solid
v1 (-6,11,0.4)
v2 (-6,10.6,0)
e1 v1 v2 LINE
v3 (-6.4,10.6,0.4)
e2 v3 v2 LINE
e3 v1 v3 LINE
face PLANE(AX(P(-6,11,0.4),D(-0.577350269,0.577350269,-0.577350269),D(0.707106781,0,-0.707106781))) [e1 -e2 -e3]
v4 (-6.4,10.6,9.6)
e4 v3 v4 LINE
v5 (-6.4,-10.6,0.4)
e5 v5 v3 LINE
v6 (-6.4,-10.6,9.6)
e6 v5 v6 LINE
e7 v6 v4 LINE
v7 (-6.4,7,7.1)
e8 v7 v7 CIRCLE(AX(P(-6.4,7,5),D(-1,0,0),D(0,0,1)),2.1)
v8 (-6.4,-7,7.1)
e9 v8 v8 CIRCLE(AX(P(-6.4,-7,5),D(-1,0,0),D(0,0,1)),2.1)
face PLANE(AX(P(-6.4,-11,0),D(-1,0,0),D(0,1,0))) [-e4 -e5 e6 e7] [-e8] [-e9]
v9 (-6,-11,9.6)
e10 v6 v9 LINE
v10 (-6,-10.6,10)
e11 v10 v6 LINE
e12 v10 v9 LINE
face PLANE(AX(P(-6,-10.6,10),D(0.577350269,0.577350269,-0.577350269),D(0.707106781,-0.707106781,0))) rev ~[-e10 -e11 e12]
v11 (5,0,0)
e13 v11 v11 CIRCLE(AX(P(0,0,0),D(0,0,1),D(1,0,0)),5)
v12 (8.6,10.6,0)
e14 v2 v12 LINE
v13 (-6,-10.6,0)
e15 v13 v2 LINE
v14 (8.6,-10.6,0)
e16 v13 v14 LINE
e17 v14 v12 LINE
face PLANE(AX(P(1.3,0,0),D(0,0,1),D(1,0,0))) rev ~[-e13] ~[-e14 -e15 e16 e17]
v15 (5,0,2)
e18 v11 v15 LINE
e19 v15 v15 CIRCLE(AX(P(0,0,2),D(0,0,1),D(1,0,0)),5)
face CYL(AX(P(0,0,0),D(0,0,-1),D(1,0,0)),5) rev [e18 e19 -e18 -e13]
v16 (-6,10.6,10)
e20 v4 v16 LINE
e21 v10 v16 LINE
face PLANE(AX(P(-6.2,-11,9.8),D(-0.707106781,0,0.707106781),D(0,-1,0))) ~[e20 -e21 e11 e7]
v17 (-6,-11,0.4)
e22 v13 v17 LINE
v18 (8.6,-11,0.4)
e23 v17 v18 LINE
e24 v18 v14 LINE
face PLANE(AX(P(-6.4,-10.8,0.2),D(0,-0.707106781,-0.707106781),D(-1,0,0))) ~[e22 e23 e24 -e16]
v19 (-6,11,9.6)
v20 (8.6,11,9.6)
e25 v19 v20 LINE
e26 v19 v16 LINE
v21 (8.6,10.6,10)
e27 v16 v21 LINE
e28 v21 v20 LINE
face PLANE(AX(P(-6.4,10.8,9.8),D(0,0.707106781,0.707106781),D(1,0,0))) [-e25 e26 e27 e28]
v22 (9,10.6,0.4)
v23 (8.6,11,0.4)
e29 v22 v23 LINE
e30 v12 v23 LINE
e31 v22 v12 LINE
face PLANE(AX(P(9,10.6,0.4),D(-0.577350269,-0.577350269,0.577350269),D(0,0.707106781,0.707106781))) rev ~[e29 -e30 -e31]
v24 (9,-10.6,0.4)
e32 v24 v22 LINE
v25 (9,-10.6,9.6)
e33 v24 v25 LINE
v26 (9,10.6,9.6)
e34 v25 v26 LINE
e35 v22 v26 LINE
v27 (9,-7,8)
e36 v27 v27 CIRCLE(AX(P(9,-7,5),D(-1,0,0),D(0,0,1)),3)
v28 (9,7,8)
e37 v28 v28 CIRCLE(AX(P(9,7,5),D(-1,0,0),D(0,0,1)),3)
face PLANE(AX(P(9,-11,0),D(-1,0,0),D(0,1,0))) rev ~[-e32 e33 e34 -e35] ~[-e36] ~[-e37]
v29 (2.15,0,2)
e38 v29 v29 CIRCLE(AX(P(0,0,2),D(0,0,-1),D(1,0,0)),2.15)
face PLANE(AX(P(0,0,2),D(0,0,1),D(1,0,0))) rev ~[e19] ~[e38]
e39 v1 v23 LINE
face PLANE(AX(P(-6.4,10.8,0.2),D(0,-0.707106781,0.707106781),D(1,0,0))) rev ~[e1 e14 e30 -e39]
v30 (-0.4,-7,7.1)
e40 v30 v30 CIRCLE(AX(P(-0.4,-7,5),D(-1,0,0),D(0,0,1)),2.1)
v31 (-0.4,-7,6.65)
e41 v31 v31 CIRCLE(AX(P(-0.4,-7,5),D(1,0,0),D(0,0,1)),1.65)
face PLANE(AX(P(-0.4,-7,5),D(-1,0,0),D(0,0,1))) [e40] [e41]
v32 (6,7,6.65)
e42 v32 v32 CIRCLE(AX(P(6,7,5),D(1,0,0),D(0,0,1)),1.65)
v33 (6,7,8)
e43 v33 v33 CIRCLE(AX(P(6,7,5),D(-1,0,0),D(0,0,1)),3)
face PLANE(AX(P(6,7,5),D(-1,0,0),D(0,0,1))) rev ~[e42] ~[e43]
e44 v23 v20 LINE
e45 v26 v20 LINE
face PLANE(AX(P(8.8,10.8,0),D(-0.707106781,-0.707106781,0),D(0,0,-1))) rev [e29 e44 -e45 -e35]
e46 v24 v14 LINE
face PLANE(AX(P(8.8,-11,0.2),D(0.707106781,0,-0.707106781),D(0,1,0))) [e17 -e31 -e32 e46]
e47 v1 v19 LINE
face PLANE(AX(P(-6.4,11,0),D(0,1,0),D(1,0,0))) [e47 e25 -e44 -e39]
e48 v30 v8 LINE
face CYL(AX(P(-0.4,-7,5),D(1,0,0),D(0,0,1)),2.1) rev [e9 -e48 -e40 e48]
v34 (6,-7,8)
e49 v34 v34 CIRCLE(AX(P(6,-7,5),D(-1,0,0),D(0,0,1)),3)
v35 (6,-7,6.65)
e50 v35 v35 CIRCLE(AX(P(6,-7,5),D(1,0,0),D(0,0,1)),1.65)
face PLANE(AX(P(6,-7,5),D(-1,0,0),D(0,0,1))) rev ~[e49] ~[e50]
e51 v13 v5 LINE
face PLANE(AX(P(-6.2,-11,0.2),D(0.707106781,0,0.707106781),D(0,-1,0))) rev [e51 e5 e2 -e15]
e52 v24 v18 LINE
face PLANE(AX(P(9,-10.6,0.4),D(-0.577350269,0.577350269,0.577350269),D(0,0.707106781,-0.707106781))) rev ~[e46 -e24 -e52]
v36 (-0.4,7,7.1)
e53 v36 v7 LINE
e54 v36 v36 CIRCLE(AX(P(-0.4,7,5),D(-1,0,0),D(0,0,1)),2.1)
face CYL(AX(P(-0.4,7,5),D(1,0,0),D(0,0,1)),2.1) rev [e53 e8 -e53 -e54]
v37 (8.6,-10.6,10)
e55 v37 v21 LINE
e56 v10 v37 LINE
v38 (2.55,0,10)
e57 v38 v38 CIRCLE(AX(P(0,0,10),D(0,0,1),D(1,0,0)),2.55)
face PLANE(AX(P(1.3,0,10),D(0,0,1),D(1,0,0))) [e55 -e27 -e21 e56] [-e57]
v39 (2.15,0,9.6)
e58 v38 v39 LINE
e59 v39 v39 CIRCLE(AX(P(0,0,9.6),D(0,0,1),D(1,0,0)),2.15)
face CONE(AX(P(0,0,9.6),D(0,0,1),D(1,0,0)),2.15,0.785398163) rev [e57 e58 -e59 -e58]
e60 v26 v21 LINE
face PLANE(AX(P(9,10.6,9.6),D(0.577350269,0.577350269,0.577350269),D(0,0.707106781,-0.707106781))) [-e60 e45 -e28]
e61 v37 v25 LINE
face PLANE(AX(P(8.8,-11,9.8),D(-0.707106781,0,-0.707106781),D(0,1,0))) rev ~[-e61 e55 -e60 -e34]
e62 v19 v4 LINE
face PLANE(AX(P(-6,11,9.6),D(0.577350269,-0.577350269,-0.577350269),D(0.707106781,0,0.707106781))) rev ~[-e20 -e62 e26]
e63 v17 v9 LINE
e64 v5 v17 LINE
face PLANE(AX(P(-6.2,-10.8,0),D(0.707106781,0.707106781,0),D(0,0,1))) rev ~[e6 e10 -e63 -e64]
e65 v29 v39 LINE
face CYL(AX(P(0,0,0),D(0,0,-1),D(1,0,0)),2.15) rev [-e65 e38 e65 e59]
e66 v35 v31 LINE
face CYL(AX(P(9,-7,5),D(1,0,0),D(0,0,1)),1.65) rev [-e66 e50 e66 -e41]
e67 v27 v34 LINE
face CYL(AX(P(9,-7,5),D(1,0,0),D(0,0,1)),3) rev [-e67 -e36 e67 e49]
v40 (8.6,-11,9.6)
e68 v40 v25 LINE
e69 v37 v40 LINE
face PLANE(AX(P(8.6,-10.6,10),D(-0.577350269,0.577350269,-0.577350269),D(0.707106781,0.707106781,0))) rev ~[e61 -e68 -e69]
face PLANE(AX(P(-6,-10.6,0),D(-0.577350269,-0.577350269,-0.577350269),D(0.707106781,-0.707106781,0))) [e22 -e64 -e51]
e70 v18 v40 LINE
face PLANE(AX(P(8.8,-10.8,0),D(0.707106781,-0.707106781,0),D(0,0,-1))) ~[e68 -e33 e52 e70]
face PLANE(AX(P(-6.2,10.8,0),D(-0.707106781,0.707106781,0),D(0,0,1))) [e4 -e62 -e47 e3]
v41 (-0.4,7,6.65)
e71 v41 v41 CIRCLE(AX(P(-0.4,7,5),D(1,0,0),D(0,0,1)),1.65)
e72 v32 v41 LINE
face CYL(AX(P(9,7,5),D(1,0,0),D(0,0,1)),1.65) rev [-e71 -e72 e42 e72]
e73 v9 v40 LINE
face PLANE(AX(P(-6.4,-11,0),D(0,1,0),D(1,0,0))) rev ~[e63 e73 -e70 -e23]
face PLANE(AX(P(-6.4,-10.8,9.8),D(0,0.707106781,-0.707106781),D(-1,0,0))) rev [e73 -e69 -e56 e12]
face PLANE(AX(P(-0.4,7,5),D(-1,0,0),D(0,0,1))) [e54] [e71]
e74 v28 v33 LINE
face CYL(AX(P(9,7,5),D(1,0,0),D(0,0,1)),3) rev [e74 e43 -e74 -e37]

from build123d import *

# Parameters (mm, degrees)
CYLINDER001_R     = 5
CYLINDER001_DEPTH = 2
CYLINDER_R        = 2.15
CYLINDER_DEPTH    = 10
CYLINDER004_R     = 2.1
CYLINDER004_DEPTH = 6
CYLINDER005_R     = 2.1
CYLINDER005_DEPTH = 6
CYLINDER006_R     = 3
CYLINDER006_DEPTH = 3
CYLINDER007_R     = 3
CYLINDER007_DEPTH = 3
CYLINDER002_R     = 1.65
CYLINDER002_DEPTH = 16
CYLINDER003_R     = 1.65
CYLINDER003_DEPTH = 16
BOX_W             = 15.4
BOX_H             = 22
BOX_DEPTH         = 10
CHAMFER_SIZE      = 0.4


with BuildPart() as cylinder001:
    # Cylinder001 → Cylinder001 (new body)
    with BuildSketch(Plane.XY):
        Circle(CYLINDER001_R)
    extrude(amount=CYLINDER001_DEPTH)


with BuildPart() as cylinder:
    # Cylinder → Cylinder (new body)
    with BuildSketch(Plane.XY):
        Circle(CYLINDER_R)
    extrude(amount=CYLINDER_DEPTH)


with BuildPart() as cylinder004:
    # Cylinder004 → Cylinder004 (new body)
    with BuildSketch(Plane(origin=(9, 7, 5), x_dir=(0, 0, 1), z_dir=(-1, 0, 0))):
        Circle(CYLINDER004_R)
    extrude(amount=CYLINDER004_DEPTH)


with BuildPart() as fusion002:
    # Cylinder005 → Cylinder005 (new body)
    with BuildSketch(Plane(origin=(9, -7, 5), x_dir=(0, 0, 1), z_dir=(-1, 0, 0))):
        Circle(CYLINDER005_R)
    extrude(amount=CYLINDER005_DEPTH)

    # Fusion002: union Cylinder004
    add(cylinder004.part)


with BuildPart() as fusion002_1:
    # Fusion002 placement: moved
    add(fusion002.part.moved(Location((-9.4, 0, 0))))


with BuildPart() as cylinder006:
    # Cylinder006 → Cylinder006 (new body)
    with BuildSketch(Plane(origin=(9, 7, 5), x_dir=(0, 0, 1), z_dir=(-1, 0, 0))):
        Circle(CYLINDER006_R)
    extrude(amount=CYLINDER006_DEPTH)


with BuildPart() as fusion001:
    # Cylinder007 → Cylinder007 (new body)
    with BuildSketch(Plane(origin=(9, -7, 5), x_dir=(0, 0, 1), z_dir=(-1, 0, 0))):
        Circle(CYLINDER007_R)
    extrude(amount=CYLINDER007_DEPTH)

    # Fusion001: union Cylinder006
    add(cylinder006.part)


with BuildPart() as cylinder002:
    # Cylinder002 → Cylinder002 (new body)
    with BuildSketch(Plane(origin=(9, -7, 5), x_dir=(0, 0, 1), z_dir=(-1, 0, 0))):
        Circle(CYLINDER002_R)
    extrude(amount=CYLINDER002_DEPTH)


with BuildPart() as fusion:
    # Cylinder003 → Cylinder003 (new body)
    with BuildSketch(Plane(origin=(9, 7, 5), x_dir=(0, 0, 1), z_dir=(-1, 0, 0))):
        Circle(CYLINDER003_R)
    extrude(amount=CYLINDER003_DEPTH)

    # Fusion: union Cylinder002
    add(cylinder002.part)


with BuildPart() as chamfer_body:
    # Box → Box (new body)
    with BuildSketch(Plane(origin=(-6.4, -11, 0), x_dir=(1, 0, 0), z_dir=(0, 0, 1))):
        with Locations((7.7, 11)):
            Rectangle(BOX_W, BOX_H)
    extrude(amount=BOX_DEPTH)

    # Cut: cut Fusion
    add(fusion.part, mode=Mode.SUBTRACT)

    # Cut001: cut Fusion001
    add(fusion001.part, mode=Mode.SUBTRACT)

    # Cut002: cut Fusion002
    add(fusion002_1.part, mode=Mode.SUBTRACT)

    # Cut003: cut Cylinder
    add(cylinder.part, mode=Mode.SUBTRACT)

    # Cut004: cut Cylinder001
    add(cylinder001.part, mode=Mode.SUBTRACT)

    # Chamfer
    chamfer_edges = [chamfer_body.edges().sort_by_distance(p)[0] for p in [
        (-6.4, -11, 5),
        (-6.4, 0, 10),
        (-6.4, 0, 0),
        (-6.4, 11, 5),
        (1.3, -11, 0),
        (9, -11, 5),
        (1.3, -11, 10),
        (1.3, 11, 10),
        (9, 0, 10),
        (-2.15, 0, 10),
        (1.3, 11, 0),
        (9, 0, 0),
        (9, 11, 5),
    ]]
    chamfer(chamfer_edges, length=CHAMFER_SIZE)


solid = chamfer_body.part
